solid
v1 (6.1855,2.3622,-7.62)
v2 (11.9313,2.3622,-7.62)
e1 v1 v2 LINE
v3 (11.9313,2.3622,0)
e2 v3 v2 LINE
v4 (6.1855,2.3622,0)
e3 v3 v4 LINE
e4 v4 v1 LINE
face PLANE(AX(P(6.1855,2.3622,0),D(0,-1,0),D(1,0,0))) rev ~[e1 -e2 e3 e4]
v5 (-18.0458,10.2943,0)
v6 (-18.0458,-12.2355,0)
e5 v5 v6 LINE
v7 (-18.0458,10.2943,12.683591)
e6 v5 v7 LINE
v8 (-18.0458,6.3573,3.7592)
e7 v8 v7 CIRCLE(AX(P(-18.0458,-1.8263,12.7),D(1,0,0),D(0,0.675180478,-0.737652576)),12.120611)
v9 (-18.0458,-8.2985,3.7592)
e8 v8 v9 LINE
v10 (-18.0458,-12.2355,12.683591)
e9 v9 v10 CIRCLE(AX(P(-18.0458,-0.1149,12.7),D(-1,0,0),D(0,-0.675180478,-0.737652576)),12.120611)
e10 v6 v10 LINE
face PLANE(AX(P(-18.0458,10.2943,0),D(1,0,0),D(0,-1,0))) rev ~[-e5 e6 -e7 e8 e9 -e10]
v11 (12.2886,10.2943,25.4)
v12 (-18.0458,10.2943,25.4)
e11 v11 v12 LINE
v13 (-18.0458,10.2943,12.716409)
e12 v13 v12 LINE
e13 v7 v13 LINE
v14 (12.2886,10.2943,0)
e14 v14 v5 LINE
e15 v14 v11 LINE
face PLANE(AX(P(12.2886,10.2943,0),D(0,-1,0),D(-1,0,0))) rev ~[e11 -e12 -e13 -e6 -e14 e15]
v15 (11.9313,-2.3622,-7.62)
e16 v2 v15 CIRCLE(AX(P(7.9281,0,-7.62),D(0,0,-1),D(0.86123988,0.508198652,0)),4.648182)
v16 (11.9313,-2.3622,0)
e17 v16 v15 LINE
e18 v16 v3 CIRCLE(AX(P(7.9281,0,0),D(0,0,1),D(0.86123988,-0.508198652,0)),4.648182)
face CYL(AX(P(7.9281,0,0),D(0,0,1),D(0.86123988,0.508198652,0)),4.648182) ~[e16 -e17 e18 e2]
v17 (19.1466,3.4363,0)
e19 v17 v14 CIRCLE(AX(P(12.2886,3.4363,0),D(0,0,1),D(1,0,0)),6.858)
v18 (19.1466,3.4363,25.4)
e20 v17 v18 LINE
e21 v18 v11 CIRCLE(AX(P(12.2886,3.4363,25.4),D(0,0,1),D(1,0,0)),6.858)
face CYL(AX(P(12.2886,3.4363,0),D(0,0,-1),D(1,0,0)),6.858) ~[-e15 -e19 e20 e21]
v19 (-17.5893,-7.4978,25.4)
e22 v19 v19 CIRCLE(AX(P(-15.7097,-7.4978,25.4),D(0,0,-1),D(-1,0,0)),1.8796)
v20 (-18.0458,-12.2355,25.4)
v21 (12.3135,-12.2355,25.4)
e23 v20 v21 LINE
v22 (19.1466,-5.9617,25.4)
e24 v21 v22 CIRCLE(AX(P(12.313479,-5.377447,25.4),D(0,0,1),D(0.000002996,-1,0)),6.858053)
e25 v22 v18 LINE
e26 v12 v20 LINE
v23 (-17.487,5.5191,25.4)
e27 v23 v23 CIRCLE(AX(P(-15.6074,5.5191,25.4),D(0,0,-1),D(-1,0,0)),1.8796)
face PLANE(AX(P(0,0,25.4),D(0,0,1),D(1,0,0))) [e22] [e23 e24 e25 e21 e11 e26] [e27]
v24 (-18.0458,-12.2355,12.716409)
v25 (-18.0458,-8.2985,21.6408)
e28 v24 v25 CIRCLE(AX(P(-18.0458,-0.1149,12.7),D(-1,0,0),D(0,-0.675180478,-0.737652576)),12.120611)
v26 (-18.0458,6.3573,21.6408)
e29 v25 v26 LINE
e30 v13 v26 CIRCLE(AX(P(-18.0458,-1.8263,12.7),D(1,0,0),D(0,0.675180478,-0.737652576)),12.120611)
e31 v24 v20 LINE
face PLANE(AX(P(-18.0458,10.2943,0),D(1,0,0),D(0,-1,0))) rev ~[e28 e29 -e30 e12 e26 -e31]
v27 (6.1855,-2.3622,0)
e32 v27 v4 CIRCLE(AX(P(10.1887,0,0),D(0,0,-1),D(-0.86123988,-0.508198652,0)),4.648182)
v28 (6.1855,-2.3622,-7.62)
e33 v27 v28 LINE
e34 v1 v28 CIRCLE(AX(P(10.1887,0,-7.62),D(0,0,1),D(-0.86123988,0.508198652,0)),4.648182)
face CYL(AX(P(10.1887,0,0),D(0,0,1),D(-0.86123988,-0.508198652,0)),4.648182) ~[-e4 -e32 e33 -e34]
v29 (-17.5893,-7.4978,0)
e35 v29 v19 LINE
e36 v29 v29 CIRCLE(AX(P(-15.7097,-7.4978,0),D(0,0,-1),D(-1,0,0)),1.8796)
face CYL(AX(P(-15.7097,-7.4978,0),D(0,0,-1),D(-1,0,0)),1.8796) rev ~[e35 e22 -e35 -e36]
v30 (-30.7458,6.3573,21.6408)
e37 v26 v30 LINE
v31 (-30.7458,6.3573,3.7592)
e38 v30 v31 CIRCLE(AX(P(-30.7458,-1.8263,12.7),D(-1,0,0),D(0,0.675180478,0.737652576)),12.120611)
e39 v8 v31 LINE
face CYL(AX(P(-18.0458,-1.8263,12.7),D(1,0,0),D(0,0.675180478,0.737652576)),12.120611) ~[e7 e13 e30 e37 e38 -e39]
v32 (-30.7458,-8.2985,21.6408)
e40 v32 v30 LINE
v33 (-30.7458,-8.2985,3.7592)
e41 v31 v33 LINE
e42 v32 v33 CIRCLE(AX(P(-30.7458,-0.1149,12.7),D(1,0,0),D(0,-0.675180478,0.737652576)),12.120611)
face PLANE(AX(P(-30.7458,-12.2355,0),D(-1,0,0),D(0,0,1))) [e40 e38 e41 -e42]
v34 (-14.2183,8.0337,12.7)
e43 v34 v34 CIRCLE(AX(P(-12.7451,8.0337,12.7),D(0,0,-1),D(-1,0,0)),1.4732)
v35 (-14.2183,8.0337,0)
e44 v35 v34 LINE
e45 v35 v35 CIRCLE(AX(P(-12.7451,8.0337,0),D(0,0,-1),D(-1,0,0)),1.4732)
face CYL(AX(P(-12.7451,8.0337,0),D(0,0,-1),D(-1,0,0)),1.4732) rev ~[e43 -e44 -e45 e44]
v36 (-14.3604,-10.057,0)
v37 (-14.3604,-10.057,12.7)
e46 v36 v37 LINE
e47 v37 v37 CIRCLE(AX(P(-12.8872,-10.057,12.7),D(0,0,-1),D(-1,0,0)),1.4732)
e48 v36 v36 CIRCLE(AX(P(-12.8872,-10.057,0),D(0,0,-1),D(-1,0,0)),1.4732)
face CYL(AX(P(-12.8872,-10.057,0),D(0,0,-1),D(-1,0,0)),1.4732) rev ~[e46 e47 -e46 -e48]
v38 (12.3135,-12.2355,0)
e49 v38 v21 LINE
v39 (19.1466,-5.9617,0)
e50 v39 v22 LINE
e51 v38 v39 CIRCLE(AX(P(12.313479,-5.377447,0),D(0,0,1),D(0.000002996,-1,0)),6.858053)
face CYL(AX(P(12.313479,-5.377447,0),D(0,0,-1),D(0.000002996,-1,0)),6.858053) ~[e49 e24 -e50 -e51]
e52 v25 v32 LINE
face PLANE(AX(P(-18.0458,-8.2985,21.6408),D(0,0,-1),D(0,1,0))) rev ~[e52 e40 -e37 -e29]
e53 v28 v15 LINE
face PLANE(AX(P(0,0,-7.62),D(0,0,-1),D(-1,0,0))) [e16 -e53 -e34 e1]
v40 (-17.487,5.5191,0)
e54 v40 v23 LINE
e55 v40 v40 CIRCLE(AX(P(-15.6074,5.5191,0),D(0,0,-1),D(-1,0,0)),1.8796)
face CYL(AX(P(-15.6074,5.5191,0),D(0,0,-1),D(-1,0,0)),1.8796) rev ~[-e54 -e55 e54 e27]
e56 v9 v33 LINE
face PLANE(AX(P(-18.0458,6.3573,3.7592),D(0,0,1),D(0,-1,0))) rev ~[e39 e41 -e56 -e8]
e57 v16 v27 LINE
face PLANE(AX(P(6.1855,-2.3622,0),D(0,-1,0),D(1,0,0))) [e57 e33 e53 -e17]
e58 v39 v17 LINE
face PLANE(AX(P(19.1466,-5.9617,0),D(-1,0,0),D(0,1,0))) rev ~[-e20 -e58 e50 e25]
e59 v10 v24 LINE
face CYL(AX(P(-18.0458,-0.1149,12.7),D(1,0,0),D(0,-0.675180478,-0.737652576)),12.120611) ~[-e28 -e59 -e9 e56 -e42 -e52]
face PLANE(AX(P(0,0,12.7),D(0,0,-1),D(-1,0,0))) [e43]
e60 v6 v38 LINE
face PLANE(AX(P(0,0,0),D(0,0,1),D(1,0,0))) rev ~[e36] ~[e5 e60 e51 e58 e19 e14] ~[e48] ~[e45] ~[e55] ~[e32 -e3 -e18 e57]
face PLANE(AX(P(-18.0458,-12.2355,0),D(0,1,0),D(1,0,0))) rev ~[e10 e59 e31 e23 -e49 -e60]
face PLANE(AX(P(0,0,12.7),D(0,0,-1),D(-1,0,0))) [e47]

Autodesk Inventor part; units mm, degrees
ref_plane "YZ Plane" through (0, 0, 0) normal (1, 0, 0) x (0, 1, 0)
ref_plane "XZ Plane" through (0, 0, 0) normal (0, 1, 0) x (-1, 0, 0)
ref_plane "XY Plane" through (0, 0, 0) normal (0, 0, 1) x (1, 0, 0)
sketch "Sketch1" plane through (0, 0, 0) normal (0, 0, 1) x (1, 0, 0)
  line L0 (-18.0458, -12.2355) -> (12.3135, -12.2355)
  line L1 (19.1466, -5.9617) -> (19.1466, 3.4363)
  line L2 (12.2886, 10.2943) -> (-18.0458, 10.2943)
  line L3 (-18.0458, 10.2943) -> (-18.0458, -12.2355)
  line L4 (-18.0458, -12.2355) -> (16.3456, 11.0826) construction
  line L5 (18.0458, -10.2943) -> (-18.0458, 10.2943) construction
  arc A0 (19.1466, 3.4363) -> (12.2886, 10.2943) centre (12.2886, 3.4363) ccw
  arc A1 (12.3135, -12.2355) -> (19.1466, -5.9617) centre (12.3135, -5.3775) ccw
  point P0 (0, 0)
  point P1 (19.1466, -1.2627)
  dimension "d3" = 22.5298
  dimension "d10" = 9.398
  dimension "d11" = 6.858
  dimension "d12" = 6.858
extrude "Extrusion1" add sketch "Sketch1" along normal blind 25.4
sketch "Sketch2" plane through (0, 0, 0) normal (0, 0, -1) x (-1, 0, 0)
  line L0 (-12.2886, 10.2943) -> (18.0458, 10.2943) projected
  line L1 (18.0458, 10.2943) -> (18.0458, -12.2355) projected
  circle A0 centre (15.6074, 5.5191) radius 1.8796
  circle A1 centre (12.7451, 8.0337) radius 1.4732
  line L2 (-19.1466, -5.9617) -> (-19.1466, 3.4363) projected
  line L3 (18.0458, 10.2943) -> (18.0458, -12.2355) projected
  circle A2 centre (15.7097, -7.4978) radius 1.8796
  circle A3 centre (12.8872, -10.057) radius 1.4732
  point P0 (0, 0)
  dimension "d13" = 2.4384
  dimension "d14" = 4.7752
  dimension "d15" = 3.7592
  dimension "d16" = 2.9464
  dimension "d17" = 0.4572
  dimension "d18" = 2.2606
sketch "Sketch3" plane through (0, 0, 0) normal (0, 0, -1) x (-1, 0, 0)
  circle A0 centre (-9.0374, 0) radius 4.445
  line L0 (-19.1466, -5.9617) -> (-19.1466, 3.4363) projected
  line L1 (-6.1855, -2.3622) -> (-11.9313, -2.3622)
  line L2 (-6.1855, 2.3622) -> (-11.9313, 2.3622)
  arc A1 (-6.1855, -2.3622) -> (-6.1855, 2.3622) centre (-10.1887, 0) ccw
  arc A2 (-11.9313, 2.3622) -> (-11.9313, -2.3622) centre (-7.9281, 0) ccw
  line L3 (-5.5405, 0) -> (-12.5763, 0)
  line L4 (-9.0584, 2.3622) -> (-9.0584, -2.3622)
  point P0 (0, 0)
  dimension "d23" = 8.89
  dimension "d24" = 10.1092
  dimension "d45" = 4.7244
  dimension "d46" = 4.6482
  dimension "d47" = 4.6482
  dimension "d48" = 7.0358
sketch "Sketch4" plane through (-18.0458, -12.2355, 0) normal (-1, 0, 0) x (0, 0, 1)
  point P0 (0, 0)
  point P1 (25.4, 0)
  point P2 (0, 22.5298)
  point P3 (25.4, 22.5298)
extrude "Extrusion5" cut sketch "Sketch2" against normal blind 25.4 contours A2
extrude "Extrusion6" cut sketch "Sketch2" against normal blind 25.4 contours A0
extrude "Extrusion7" cut sketch "Sketch2" against normal blind 12.7 contours A1 | A3
sketch "Sketch5" plane through (-18.0458, -12.2355, 0) normal (-1, 0, 0) x (0, 0, 1)
  line L0 (25.4, 6.2738) -> (25.4, 15.6718) projected
  line L1 (0, 6.2738) -> (0, 15.6718) projected
  line L2 (0, 0) -> (25.4, 0) projected
  line L3 (12.7, 0) -> (12.7, 22.5298)
  line L4 (0, 22.5298) -> (25.4, 22.5298) projected
  line L5 (25.4, 0) -> (0, 22.5298)
  line L6 (25.4, 15.6718) -> (25.4, 22.5298) projected
  line L7 (0, 0) -> (25.4, 22.5298)
  line L8 (12.7, 3.937) -> (12.7, 18.5928) construction
  line L9 (21.6408, 3.937) -> (21.6408, 18.5928)
  line L10 (3.7592, 18.5928) -> (3.7592, 3.937)
  arc A0 (3.7592, 3.937) -> (21.6408, 3.937) centre (12.7, 12.1206) ccw
  arc A1 (21.6408, 18.5928) -> (3.7592, 18.5928) centre (12.7, 10.4092) ccw
  point P0 (0, 12.2355)
  point P1 (12.7, 11.2649)
  dimension "d39" = 22.5298
  dimension "d41" = 3.7592
extrude "Extrusion8" add sketch "Sketch5" along normal blind 12.7 contours A0 L7 L3 | L3 L5 A0 | A0 L10 A1 L5 L7 | L5 A1 L3 | L7 A1 L9 A0 L5 | L3 A1 L7
extrude "Extrusion9" add sketch "Sketch3" along normal blind 7.62 contours L1 L4 L3 A1 | L1 A2 L3 L4 | L3 L4 L2 A1 | L3 A2 L2 L4
properties part number "motor sumo jeffrey p"
